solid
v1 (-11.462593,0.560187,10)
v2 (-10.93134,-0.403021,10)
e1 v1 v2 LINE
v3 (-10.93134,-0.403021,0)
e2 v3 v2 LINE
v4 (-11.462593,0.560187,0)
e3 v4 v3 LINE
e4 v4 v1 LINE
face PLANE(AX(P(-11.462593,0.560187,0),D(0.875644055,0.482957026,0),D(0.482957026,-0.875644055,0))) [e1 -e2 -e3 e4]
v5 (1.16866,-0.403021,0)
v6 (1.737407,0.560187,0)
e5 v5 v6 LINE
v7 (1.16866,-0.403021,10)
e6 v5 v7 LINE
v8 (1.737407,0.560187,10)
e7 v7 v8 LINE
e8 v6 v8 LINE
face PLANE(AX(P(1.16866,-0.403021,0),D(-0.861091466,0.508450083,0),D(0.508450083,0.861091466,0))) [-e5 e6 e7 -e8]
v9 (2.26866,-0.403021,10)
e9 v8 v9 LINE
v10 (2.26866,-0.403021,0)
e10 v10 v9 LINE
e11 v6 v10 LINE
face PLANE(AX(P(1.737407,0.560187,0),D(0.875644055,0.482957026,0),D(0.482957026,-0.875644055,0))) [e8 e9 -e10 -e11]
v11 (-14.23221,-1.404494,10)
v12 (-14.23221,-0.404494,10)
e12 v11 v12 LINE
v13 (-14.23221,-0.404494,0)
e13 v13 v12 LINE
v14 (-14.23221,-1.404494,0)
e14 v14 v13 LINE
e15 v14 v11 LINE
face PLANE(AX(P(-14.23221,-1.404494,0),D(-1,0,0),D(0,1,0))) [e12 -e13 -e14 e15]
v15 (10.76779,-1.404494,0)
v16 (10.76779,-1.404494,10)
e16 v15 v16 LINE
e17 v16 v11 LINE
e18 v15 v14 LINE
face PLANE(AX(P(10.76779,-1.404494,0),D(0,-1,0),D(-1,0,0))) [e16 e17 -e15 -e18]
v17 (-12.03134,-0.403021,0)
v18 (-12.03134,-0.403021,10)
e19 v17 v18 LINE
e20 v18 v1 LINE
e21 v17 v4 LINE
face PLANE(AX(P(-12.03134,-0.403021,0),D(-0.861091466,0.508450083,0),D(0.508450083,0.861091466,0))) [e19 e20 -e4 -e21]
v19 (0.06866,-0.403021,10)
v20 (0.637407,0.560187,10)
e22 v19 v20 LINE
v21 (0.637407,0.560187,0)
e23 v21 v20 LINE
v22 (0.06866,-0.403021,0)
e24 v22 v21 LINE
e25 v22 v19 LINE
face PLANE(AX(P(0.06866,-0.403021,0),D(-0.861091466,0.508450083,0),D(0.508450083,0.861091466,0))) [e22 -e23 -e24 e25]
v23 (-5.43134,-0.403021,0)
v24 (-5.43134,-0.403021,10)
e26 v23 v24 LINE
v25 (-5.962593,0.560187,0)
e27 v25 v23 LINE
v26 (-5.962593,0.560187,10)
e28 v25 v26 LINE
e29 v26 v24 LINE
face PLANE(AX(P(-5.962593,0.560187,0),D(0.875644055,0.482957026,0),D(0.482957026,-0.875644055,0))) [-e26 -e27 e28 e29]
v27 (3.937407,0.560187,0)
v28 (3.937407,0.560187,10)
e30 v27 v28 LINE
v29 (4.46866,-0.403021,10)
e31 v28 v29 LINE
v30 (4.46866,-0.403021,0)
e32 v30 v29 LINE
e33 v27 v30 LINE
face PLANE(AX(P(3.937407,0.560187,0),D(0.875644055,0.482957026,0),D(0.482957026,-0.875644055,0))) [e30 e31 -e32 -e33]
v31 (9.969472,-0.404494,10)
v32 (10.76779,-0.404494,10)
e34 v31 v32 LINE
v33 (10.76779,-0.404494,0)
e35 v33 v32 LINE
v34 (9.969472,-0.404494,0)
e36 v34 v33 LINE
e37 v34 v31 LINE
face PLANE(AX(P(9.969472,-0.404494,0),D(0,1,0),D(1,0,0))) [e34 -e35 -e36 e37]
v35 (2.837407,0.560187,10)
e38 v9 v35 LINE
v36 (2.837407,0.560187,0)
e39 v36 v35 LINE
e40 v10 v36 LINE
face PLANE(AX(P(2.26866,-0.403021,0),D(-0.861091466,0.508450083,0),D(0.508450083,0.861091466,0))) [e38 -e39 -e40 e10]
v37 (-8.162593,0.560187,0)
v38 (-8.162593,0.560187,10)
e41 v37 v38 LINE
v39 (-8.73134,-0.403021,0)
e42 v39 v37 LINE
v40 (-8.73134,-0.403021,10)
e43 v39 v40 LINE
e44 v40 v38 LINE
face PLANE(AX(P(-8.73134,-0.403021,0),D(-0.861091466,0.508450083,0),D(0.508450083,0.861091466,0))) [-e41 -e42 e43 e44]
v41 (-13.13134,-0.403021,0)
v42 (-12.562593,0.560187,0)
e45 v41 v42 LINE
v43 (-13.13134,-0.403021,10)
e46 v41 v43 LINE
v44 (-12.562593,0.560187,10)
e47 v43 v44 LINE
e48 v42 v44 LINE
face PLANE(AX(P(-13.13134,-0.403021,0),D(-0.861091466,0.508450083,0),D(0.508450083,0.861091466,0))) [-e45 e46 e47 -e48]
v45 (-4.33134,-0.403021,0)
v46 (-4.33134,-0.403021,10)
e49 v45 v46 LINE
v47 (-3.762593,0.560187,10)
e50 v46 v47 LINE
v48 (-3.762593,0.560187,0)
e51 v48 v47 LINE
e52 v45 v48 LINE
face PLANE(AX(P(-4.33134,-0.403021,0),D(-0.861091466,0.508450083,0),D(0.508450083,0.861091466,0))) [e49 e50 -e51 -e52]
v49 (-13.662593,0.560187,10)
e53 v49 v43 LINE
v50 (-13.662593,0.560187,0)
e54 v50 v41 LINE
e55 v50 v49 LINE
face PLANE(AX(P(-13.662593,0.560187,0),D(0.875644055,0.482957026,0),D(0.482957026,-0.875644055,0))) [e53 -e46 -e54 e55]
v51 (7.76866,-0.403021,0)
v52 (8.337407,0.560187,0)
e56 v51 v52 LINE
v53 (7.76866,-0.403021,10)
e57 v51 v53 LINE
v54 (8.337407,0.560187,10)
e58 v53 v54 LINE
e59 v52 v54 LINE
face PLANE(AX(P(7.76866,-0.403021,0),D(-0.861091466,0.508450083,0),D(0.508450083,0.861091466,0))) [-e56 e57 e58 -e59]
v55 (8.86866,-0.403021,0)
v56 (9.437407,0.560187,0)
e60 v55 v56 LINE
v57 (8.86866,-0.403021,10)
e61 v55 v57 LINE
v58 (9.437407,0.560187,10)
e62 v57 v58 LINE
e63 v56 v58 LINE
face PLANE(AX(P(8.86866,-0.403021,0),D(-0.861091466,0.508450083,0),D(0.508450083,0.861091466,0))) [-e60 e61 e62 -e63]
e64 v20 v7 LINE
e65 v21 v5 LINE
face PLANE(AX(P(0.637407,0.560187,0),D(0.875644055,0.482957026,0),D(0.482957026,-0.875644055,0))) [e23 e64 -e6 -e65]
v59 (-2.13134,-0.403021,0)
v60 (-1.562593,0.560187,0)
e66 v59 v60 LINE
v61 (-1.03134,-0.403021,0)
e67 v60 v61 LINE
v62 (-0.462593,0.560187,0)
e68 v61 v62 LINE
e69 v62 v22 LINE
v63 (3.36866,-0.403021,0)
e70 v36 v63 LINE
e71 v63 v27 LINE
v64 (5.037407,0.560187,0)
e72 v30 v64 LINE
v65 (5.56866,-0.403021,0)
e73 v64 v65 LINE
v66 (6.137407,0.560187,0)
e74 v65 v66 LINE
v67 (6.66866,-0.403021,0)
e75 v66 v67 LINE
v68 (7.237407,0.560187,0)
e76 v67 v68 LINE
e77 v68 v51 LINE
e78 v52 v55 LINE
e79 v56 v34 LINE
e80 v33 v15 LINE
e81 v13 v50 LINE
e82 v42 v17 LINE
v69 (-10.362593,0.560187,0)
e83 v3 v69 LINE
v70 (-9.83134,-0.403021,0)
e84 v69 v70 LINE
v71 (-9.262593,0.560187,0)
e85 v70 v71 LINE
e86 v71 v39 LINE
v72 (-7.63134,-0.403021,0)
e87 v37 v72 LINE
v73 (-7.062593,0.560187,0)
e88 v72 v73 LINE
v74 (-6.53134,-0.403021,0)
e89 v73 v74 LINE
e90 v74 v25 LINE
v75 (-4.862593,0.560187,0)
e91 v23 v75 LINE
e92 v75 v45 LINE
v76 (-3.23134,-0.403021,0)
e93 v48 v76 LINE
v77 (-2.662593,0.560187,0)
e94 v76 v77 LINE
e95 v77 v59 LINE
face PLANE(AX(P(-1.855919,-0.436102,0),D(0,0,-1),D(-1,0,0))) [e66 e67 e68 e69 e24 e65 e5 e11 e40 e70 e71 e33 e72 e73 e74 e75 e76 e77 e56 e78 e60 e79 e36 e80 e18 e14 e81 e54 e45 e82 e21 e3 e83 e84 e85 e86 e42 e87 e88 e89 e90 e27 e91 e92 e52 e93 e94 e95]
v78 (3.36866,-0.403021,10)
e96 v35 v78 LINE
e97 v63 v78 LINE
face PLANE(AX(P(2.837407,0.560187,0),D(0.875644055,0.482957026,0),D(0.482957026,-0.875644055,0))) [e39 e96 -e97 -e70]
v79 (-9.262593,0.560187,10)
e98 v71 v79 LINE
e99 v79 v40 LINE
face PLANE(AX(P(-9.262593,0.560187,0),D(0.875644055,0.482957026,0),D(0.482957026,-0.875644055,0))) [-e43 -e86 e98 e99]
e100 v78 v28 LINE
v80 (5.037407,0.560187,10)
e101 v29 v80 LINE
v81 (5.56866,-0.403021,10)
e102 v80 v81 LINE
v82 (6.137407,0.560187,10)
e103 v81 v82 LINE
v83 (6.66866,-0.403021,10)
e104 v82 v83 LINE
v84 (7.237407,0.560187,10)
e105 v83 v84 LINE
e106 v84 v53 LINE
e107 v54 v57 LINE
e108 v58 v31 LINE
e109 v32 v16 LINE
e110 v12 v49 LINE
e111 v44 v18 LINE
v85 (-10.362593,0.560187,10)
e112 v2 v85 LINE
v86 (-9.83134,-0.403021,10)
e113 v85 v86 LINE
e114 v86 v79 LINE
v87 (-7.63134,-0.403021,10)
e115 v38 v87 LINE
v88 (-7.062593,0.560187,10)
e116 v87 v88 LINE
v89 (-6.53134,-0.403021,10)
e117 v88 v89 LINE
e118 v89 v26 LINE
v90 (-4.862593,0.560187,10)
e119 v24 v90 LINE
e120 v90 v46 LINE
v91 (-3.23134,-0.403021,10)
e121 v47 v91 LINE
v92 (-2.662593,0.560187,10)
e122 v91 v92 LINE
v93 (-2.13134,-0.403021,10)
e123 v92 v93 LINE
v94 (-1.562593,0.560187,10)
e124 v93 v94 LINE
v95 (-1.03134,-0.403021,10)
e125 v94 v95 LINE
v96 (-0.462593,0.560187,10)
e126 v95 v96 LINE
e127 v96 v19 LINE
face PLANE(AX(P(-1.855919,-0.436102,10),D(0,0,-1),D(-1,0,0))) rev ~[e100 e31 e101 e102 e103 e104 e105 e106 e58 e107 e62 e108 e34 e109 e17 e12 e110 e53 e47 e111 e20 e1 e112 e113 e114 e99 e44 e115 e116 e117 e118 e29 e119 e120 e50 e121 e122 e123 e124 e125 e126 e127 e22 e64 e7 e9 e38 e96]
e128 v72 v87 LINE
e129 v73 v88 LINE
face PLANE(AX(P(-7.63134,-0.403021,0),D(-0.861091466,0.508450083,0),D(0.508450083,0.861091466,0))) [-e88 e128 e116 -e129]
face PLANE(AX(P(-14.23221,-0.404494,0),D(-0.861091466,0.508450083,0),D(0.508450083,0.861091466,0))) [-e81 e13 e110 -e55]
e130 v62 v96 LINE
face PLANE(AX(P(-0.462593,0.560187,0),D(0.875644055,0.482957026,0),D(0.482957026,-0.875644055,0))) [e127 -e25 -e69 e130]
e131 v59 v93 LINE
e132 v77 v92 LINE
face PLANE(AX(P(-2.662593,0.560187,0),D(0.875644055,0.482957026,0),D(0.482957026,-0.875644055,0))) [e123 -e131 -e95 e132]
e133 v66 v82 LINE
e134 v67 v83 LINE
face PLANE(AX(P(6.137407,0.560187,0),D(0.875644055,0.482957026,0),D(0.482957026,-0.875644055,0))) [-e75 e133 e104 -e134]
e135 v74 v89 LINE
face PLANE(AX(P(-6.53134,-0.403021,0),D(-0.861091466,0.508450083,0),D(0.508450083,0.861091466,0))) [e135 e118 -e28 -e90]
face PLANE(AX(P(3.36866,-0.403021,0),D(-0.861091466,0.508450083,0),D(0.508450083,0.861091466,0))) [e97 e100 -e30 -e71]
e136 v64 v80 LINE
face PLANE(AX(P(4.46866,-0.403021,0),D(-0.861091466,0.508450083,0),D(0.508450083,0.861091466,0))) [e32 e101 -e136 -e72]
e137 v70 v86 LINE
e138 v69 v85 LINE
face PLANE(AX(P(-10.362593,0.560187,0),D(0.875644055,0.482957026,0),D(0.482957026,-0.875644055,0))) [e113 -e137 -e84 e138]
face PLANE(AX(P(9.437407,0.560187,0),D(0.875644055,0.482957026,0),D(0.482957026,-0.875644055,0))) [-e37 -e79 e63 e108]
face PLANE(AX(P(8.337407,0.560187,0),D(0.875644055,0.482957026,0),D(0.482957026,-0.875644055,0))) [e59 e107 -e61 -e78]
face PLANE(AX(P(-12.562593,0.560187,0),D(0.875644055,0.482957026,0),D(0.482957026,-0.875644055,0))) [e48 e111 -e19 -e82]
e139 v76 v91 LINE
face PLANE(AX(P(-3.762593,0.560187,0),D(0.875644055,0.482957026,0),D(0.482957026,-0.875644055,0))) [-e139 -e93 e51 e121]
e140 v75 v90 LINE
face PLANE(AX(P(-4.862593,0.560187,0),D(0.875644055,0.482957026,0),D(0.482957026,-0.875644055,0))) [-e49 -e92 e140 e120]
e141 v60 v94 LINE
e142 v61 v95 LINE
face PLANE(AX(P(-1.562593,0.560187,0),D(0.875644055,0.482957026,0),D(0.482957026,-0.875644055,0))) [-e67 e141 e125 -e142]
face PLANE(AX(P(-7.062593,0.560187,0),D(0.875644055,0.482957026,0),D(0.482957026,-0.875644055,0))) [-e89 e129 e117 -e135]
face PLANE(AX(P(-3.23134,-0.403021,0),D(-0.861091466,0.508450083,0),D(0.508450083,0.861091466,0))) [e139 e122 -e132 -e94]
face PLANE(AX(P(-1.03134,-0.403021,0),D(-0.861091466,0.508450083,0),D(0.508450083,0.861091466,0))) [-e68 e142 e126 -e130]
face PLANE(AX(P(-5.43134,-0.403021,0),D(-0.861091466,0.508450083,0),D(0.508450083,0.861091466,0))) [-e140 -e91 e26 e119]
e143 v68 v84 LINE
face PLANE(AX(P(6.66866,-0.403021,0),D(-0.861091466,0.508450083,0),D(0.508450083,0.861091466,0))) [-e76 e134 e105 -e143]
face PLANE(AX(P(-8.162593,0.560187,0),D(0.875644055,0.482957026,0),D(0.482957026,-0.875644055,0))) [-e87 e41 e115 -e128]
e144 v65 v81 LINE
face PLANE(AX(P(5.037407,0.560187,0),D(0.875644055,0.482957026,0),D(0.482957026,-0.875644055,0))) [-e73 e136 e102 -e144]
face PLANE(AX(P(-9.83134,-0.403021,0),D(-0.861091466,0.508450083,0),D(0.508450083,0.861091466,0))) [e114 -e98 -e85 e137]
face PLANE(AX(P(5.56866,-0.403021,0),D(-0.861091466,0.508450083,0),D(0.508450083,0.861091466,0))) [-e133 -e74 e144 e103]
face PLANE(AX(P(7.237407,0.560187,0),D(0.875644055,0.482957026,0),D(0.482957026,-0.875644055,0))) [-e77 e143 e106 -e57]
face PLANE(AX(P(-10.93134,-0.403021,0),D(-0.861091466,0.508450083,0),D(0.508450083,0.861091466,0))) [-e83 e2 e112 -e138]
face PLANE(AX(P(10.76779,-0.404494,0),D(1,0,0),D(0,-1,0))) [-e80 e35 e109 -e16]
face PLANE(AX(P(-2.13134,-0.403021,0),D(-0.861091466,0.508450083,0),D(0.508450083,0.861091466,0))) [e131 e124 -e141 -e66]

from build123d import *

# Parameters (mm, degrees)
BOSS_EXTRUDE2_DEPTH = 10


with BuildPart() as part:
    # Sketch1 → Boss-Extrude2 (new body)
    with BuildSketch(Plane.XY):
        Polygon((-14.232209738, -0.404494382), (-13.66259275, 0.560186997), (-13.131340021, -0.403021464), (-12.56259275, 0.560186997), (-12.031340021, -0.403021464), (-11.46259275, 0.560186997), (-10.931340021, -0.403021464), (-10.36259275, 0.560186997), (-9.831340021, -0.403021464), (-9.26259275, 0.560186997), (-8.731340021, -0.403021464), (-8.16259275, 0.560186997), (-7.631340021, -0.403021464), (-7.06259275, 0.560186997), (-6.531340021, -0.403021464), (-5.96259275, 0.560186997), (-5.431340021, -0.403021464), (-4.86259275, 0.560186997), (-4.331340021, -0.403021464), (-3.76259275, 0.560186997), (-3.231340021, -0.403021464), (-2.66259275, 0.560186997), (-2.131340021, -0.403021464), (-1.56259275, 0.560186997), (-1.031340021, -0.403021464), (-0.46259275, 0.560186997), (0.068659979, -0.403021464), (0.63740725, 0.560186997), (1.168659979, -0.403021464), (1.73740725, 0.560186997), (2.268659979, -0.403021464), (2.83740725, 0.560186997), (3.368659979, -0.403021464), (3.93740725, 0.560186997), (4.468659979, -0.403021464), (5.03740725, 0.560186997), (5.568659979, -0.403021464), (6.13740725, 0.560186997), (6.668659979, -0.403021464), (7.23740725, 0.560186997), (7.768659979, -0.403021464), (8.33740725, 0.560186997), (8.868659979, -0.403021464), (9.43740725, 0.560186997), (9.969472359, -0.404494382), (10.767790262, -0.404494382), (10.767790262, -1.404494382), (-14.232209738, -1.404494382), align=None)
    extrude(amount=BOSS_EXTRUDE2_DEPTH)


solid = part.part
